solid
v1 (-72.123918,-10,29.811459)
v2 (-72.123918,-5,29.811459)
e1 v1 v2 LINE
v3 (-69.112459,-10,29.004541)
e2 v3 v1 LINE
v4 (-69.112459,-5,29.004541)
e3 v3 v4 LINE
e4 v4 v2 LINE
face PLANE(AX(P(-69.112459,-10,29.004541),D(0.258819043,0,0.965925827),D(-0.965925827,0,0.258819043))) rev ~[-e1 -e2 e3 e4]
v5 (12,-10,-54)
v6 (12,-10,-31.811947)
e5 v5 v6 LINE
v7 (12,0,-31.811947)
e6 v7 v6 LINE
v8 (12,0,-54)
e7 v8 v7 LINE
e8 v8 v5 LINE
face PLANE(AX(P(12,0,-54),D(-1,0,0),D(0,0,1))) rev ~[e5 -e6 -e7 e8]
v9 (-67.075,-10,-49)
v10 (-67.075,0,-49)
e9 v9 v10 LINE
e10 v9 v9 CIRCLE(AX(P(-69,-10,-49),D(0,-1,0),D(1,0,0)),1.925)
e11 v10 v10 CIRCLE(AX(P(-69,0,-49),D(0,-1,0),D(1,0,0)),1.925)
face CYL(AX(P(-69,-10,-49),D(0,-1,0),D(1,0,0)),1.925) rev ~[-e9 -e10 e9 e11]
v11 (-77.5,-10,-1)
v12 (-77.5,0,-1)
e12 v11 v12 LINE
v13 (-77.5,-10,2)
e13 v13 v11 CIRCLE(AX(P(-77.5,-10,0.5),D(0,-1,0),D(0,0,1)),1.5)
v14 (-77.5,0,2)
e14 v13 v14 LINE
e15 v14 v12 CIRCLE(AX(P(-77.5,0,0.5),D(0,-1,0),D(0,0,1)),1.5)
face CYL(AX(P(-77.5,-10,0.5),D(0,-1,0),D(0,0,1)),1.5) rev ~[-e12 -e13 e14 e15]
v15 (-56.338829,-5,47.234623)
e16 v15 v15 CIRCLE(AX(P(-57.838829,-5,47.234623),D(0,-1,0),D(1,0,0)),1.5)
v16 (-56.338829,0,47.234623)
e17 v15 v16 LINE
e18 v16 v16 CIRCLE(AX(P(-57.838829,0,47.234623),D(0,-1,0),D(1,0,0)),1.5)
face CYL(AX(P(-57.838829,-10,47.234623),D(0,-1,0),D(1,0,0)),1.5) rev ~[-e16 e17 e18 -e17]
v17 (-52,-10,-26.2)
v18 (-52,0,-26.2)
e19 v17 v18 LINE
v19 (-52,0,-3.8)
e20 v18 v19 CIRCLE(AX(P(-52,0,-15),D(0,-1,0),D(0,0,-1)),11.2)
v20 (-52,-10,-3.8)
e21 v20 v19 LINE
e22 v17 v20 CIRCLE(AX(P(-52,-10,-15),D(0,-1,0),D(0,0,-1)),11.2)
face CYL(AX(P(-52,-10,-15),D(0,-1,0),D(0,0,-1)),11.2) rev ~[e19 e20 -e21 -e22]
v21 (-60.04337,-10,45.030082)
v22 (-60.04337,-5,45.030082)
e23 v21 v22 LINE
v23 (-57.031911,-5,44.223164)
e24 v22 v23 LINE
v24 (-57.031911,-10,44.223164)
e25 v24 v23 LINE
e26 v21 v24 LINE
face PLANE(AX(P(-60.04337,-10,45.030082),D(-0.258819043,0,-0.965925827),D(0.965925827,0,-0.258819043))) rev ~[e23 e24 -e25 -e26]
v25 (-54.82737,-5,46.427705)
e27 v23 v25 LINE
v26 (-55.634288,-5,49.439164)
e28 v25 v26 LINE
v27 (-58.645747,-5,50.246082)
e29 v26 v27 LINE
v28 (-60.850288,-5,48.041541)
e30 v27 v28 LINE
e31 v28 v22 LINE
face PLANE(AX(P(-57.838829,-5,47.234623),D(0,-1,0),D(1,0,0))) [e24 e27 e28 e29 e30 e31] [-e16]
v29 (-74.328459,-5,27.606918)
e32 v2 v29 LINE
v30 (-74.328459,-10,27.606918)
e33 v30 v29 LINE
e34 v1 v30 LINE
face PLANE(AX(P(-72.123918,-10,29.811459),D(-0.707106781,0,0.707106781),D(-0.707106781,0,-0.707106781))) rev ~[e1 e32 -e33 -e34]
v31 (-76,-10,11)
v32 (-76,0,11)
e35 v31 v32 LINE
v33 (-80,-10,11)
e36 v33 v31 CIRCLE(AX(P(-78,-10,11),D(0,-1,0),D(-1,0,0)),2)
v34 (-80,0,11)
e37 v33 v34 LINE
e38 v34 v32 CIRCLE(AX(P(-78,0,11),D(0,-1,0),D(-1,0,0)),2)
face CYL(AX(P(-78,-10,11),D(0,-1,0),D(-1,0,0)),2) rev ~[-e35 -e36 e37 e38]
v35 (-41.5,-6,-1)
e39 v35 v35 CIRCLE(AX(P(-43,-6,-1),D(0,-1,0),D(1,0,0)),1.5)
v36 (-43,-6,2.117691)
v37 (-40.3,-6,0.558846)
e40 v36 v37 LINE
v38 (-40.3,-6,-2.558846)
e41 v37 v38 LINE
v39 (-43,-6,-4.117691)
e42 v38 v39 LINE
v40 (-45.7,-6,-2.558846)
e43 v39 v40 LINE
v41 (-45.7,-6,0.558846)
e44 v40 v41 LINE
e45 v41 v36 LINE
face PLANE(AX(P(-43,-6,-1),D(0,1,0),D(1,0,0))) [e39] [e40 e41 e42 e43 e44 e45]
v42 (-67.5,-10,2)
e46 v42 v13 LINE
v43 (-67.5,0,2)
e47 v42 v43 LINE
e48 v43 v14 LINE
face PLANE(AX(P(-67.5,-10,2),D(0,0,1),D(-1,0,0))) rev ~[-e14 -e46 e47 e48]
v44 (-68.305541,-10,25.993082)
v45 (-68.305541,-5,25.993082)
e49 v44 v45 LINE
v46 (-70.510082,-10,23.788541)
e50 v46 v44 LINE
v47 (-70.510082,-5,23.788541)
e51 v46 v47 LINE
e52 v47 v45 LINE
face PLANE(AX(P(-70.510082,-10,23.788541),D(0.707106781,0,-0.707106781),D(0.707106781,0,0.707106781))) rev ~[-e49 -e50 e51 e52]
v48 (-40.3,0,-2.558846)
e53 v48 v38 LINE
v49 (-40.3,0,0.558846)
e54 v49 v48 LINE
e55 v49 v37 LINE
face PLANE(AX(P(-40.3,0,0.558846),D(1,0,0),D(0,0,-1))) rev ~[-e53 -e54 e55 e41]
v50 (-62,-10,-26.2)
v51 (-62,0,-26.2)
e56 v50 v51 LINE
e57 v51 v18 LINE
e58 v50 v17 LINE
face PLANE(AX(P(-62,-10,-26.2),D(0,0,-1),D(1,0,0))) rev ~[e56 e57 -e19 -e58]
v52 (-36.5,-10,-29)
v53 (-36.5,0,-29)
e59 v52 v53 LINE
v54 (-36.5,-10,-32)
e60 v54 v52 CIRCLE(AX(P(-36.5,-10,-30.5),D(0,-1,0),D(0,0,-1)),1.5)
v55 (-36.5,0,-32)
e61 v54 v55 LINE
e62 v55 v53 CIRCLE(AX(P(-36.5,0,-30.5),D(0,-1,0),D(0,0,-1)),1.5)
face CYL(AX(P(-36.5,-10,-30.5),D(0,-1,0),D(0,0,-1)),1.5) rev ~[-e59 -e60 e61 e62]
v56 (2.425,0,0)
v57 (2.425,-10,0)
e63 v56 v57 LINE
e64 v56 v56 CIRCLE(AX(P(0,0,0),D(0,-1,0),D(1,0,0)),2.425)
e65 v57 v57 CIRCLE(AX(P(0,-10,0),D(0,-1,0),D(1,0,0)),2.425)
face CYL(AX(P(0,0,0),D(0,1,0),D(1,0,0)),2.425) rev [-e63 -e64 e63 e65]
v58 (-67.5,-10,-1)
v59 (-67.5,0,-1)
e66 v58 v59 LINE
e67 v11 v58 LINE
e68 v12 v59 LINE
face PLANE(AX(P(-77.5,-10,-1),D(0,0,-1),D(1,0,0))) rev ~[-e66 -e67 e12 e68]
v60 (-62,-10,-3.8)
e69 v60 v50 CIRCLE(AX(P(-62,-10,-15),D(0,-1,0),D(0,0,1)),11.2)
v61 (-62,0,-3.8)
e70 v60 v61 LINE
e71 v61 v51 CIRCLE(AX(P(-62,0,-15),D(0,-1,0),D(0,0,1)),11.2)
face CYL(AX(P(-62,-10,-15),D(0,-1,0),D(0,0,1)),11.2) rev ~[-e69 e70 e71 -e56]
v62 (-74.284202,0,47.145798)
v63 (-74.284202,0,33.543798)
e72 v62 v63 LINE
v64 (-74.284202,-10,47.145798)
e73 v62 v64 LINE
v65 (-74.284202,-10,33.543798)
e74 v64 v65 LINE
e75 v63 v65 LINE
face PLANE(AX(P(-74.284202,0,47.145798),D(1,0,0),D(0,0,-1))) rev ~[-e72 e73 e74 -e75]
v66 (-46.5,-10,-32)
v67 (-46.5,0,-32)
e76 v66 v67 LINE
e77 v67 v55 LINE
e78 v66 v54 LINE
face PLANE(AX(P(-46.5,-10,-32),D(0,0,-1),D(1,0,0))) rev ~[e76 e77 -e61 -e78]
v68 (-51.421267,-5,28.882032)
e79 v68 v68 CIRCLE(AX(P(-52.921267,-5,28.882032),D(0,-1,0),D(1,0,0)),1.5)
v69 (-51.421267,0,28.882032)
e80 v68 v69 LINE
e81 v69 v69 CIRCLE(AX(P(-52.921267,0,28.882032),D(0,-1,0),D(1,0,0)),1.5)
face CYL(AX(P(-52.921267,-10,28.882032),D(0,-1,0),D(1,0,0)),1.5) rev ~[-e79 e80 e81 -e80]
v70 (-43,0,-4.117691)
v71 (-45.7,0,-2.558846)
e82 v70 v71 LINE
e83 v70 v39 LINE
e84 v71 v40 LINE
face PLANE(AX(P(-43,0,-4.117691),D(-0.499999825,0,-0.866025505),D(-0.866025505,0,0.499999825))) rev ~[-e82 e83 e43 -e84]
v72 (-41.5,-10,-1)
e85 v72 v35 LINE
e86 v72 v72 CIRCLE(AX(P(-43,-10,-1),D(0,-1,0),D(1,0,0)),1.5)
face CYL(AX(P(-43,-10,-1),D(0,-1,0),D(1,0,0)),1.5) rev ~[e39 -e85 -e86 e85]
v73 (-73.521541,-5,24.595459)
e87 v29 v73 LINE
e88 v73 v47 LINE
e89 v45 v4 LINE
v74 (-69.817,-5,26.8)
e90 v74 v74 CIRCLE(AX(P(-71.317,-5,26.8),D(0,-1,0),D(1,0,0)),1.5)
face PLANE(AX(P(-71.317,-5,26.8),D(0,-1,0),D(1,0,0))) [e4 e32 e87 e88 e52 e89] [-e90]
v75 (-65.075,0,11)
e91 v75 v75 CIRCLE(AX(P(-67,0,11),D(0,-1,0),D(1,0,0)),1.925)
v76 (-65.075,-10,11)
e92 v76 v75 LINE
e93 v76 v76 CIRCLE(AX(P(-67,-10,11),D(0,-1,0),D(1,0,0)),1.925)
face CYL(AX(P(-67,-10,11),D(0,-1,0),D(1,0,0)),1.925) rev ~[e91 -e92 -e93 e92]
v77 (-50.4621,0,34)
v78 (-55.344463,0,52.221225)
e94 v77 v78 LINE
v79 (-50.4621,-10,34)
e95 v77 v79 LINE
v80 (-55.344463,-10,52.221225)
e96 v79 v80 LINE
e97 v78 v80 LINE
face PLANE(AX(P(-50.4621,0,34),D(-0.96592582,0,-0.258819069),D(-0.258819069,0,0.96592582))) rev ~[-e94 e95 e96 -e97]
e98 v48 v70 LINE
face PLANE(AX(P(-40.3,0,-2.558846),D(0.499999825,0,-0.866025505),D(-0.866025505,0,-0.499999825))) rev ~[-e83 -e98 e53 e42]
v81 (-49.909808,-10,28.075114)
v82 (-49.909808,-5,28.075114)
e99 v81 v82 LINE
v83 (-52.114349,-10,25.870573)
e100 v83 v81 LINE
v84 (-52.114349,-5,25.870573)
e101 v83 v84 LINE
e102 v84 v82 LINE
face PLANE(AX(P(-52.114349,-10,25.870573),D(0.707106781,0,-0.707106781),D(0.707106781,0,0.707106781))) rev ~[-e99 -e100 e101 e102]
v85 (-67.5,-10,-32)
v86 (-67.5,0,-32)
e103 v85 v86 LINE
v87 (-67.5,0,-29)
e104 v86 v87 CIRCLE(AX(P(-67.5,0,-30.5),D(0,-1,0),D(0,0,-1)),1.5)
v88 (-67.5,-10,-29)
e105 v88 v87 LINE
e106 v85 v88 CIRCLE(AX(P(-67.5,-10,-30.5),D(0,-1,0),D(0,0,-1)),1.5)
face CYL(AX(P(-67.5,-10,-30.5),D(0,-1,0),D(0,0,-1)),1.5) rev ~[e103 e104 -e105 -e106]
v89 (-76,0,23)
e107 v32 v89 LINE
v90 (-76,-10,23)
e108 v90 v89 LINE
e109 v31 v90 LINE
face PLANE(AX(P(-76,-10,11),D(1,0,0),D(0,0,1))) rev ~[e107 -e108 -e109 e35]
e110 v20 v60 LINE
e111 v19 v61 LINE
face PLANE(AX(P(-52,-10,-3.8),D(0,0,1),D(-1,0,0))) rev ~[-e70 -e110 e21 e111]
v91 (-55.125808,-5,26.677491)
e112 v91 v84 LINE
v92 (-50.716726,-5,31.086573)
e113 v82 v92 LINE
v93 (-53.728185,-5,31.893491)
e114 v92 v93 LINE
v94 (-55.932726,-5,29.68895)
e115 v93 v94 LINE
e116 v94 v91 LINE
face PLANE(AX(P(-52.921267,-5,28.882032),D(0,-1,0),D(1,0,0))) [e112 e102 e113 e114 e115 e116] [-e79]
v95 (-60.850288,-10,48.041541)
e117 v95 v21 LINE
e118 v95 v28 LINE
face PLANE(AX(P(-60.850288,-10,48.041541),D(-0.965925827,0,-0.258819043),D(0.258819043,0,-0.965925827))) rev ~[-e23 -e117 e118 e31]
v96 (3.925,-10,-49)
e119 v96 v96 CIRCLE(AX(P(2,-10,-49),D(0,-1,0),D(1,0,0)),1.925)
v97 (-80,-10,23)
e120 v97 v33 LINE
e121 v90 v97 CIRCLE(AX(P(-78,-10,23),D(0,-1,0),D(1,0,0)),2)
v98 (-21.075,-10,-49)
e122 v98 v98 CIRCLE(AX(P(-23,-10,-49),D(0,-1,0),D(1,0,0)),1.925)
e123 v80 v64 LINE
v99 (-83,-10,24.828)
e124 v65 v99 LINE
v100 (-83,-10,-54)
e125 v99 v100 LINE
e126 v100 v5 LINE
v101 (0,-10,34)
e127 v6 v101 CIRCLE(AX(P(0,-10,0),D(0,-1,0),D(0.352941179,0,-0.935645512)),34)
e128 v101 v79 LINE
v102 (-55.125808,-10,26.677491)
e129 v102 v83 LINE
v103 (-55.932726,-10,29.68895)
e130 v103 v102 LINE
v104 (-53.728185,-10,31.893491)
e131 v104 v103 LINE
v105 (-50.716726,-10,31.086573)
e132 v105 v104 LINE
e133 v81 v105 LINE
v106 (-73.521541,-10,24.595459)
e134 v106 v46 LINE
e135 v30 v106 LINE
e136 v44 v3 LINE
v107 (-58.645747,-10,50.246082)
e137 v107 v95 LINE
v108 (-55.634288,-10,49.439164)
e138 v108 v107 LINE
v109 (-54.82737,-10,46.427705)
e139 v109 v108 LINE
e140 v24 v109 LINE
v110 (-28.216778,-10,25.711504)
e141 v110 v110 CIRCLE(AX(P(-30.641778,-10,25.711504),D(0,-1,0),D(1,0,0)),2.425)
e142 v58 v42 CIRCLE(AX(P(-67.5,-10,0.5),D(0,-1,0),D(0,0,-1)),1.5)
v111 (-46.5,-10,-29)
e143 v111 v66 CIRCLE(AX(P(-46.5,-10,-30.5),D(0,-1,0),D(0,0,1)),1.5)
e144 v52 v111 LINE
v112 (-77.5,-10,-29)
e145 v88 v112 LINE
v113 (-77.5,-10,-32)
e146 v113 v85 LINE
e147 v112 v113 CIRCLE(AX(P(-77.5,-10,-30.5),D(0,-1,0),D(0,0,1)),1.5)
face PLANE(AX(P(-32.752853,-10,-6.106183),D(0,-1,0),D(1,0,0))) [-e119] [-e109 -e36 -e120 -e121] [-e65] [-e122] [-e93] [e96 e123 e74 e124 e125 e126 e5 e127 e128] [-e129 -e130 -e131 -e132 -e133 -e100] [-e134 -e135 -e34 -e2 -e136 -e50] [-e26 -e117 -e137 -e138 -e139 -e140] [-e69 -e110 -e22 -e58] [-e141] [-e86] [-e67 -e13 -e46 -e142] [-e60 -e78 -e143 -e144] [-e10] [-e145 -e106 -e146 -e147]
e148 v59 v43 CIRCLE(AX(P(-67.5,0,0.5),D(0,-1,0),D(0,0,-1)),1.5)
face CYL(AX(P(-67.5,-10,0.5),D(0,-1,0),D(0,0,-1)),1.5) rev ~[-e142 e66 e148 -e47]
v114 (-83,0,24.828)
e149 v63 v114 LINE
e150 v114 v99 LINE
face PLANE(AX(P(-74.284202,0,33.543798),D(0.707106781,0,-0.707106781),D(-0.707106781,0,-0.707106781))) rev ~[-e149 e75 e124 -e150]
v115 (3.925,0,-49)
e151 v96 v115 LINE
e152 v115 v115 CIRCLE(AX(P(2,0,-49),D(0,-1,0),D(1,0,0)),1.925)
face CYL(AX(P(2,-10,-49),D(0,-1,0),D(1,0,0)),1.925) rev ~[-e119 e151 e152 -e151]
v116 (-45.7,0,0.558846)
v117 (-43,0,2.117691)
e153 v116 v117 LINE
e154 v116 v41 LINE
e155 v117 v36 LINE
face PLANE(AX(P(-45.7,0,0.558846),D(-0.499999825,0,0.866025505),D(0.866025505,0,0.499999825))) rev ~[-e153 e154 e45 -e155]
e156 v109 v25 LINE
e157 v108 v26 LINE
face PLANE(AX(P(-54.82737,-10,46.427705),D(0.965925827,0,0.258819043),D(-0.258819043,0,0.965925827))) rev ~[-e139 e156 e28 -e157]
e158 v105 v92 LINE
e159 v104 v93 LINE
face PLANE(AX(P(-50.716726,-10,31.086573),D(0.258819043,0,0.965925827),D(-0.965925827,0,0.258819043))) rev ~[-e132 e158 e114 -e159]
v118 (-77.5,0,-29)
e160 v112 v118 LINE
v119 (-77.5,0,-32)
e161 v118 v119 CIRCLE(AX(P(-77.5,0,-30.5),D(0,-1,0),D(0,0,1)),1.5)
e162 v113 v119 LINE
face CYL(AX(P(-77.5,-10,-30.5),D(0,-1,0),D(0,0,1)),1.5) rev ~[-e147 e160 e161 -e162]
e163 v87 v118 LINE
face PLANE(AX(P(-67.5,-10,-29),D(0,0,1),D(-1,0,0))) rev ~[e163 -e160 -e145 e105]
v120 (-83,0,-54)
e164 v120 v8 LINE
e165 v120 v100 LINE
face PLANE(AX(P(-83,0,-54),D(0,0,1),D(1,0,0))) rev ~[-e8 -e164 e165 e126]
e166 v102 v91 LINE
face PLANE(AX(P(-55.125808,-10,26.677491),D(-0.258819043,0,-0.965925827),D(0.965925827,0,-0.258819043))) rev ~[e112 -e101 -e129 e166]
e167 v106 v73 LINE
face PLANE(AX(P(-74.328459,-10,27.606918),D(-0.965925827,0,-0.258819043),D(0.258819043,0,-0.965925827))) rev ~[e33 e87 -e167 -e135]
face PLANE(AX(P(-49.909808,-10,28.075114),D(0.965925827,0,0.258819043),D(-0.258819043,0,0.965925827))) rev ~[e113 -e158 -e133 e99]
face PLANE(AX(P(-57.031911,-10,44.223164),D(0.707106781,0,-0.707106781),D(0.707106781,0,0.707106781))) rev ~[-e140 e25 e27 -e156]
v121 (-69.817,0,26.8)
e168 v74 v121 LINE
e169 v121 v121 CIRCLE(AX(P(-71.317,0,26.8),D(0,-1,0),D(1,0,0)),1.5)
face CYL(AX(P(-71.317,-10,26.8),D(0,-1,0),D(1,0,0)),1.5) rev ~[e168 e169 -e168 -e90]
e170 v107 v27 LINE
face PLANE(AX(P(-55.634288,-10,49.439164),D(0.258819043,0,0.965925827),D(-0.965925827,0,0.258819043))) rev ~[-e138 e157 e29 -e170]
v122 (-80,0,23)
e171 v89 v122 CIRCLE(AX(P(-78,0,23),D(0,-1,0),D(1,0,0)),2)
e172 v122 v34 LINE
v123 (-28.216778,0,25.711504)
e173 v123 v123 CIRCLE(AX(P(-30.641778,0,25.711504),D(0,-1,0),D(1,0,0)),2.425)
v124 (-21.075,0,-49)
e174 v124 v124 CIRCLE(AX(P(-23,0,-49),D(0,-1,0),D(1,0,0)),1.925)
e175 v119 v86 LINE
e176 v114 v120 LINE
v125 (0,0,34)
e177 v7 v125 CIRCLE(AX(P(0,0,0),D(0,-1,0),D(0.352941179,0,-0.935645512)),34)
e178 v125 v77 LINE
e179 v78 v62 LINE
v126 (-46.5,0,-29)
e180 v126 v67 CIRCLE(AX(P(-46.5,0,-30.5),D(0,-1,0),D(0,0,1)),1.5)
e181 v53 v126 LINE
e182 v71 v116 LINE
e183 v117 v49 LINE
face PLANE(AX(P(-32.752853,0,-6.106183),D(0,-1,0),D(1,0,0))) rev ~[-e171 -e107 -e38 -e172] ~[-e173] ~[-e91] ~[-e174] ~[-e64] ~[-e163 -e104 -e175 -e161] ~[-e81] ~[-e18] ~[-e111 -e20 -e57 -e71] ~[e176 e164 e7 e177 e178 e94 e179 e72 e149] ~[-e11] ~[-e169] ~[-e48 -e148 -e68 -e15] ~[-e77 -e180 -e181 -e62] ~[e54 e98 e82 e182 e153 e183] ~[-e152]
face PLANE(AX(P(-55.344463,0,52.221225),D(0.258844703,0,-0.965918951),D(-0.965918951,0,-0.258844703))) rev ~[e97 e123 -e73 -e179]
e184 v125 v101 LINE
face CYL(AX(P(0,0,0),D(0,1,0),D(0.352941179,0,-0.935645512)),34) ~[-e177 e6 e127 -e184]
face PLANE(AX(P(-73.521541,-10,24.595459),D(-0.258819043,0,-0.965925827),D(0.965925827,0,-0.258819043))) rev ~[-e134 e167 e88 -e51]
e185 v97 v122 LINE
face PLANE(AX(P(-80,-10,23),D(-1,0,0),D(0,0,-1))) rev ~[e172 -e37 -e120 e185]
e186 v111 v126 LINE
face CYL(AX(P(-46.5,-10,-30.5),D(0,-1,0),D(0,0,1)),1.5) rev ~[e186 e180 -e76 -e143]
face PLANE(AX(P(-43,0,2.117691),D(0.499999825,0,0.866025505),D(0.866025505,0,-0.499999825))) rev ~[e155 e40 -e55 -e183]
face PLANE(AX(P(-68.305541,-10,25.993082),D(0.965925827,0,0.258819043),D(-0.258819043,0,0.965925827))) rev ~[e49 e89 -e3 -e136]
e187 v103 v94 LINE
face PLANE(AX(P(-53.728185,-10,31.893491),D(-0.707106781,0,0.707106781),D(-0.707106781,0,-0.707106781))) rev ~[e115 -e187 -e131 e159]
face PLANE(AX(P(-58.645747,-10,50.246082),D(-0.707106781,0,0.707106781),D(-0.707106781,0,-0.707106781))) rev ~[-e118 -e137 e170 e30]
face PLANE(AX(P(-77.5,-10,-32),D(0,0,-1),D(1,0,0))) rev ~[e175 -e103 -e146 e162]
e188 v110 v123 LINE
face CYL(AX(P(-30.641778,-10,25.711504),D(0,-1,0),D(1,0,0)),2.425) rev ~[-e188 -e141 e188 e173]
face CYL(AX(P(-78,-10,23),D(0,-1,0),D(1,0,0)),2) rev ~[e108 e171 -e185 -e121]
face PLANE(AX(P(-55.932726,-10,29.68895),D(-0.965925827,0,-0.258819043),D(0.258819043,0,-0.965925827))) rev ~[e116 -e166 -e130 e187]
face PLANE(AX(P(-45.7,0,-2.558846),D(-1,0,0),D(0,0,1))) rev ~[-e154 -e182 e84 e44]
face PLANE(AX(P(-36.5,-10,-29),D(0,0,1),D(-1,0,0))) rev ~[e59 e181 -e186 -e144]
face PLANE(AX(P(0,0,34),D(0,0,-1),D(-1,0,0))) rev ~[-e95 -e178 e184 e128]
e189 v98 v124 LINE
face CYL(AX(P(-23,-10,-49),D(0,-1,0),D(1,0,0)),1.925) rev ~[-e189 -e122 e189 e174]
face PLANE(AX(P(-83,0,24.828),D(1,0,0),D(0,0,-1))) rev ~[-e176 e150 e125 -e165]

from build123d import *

# Parameters (mm, degrees)
SKETCH_R        = 2.425
PAD_DEPTH       = 10
SKETCH001_R     = 1.925
POCKET_DEPTH    = 12
SKETCH002_R     = 1.5
POCKET001_DEPTH = 12
SKETCH003_R     = 1.925
POCKET002_DEPTH = 12
SKETCH004_R     = 2.425
POCKET003_DEPTH = 12
SKETCH005_R     = 1.5
POCKET004_DEPTH = 12
POCKET005_DEPTH = 5
POCKET006_DEPTH = 12
POCKET007_DEPTH = 6


with BuildPart() as part:
    # Sketch → Pad (new body)
    with BuildSketch(Plane.XZ):
        with BuildLine():
            ThreePointArc((12, -31.811947), (33.448514, 6.098926), (0, 34))
            Line((0, 34), (-50.4621, 34))
            Line((-50.4621, 34), (-55.344463, 52.221225))
            Line((-55.344463, 52.221225), (-74.284202, 47.145798))
            Line((-74.284202, 47.145798), (-74.284202, 33.543798))
            Line((-74.284202, 33.543798), (-83, 24.828))
            Line((-83, 24.828), (-83, -54))
            Line((-83, -54), (12, -54))
            Line((12, -54), (12, -31.811947))
        make_face()
        Circle(SKETCH_R, mode=Mode.SUBTRACT)
    extrude(amount=PAD_DEPTH)

    # Sketch001 (on Face12 of Pad) → Pocket (cut)
    with BuildSketch(Plane.XZ.offset(10)):
        with Locations((-69, -49)):
            Circle(SKETCH001_R)
        with Locations((-23, -49)):
            Circle(SKETCH001_R)
        with Locations((2, -49)):
            Circle(SKETCH001_R)
    extrude(amount=-POCKET_DEPTH, mode=Mode.SUBTRACT)

    # Sketch002 (on Face5 of Pocket) → Pocket001 (cut)
    with BuildSketch(Plane.XZ.offset(10)):
        with Locations((-43, -1)):
            Circle(SKETCH002_R)
        with BuildLine():
            ThreePointArc((-62, -3.8), (-73.2, -15), (-62, -26.2))
            Line((-62, -26.2), (-52, -26.2))
            ThreePointArc((-52, -26.2), (-40.8, -15), (-52, -3.8))
            Line((-52, -3.8), (-62, -3.8))
        make_face()
        with BuildLine():
            ThreePointArc((-77.5, -29), (-79, -30.5), (-77.5, -32))
            Line((-77.5, -32), (-67.5, -32))
            ThreePointArc((-67.5, -32), (-66, -30.5), (-67.5, -29))
            Line((-67.5, -29), (-77.5, -29))
        make_face()
        with BuildLine():
            ThreePointArc((-46.5, -29), (-48, -30.5), (-46.5, -32))
            Line((-46.5, -32), (-36.5, -32))
            ThreePointArc((-36.5, -32), (-35, -30.5), (-36.5, -29))
            Line((-36.5, -29), (-46.5, -29))
        make_face()
        with BuildLine():
            ThreePointArc((-77.5, 2), (-79, 0.5), (-77.5, -1))
            Line((-77.5, -1), (-67.5, -1))
            ThreePointArc((-67.5, -1), (-66, 0.5), (-67.5, 2))
            Line((-67.5, 2), (-77.5, 2))
        make_face()
    extrude(amount=-POCKET001_DEPTH, mode=Mode.SUBTRACT)

    # Sketch003 (on Face5 of Pocket001) → Pocket002 (cut)
    with BuildSketch(Plane.XZ.offset(10)):
        with Locations((-67, 11)):
            Circle(SKETCH003_R)
    extrude(amount=-POCKET002_DEPTH, mode=Mode.SUBTRACT)

    # Sketch004 (on Face5 of Pocket002) → Pocket003 (cut)
    with BuildSketch(Plane.XZ.offset(10)):
        with Locations((-30.641778, 25.711504)):
            Circle(SKETCH004_R)
    extrude(amount=-POCKET003_DEPTH, mode=Mode.SUBTRACT)

    # Sketch005 (on Face5 of Pocket003) → Pocket004 (cut)
    with BuildSketch(Plane.XZ.offset(10)):
        with Locations((-57.838829, 47.234623)):
            Circle(SKETCH005_R)
        with Locations((-52.921267, 28.882032)):
            Circle(SKETCH005_R)
        with Locations((-71.317, 26.8)):
            Circle(SKETCH005_R)
    extrude(amount=-POCKET004_DEPTH, mode=Mode.SUBTRACT)

    # Sketch006 (on Face5 of Pocket004) → Pocket005 (cut)
    with BuildSketch(Plane.XZ.offset(10)):
        Polygon((-54.82737, 46.427705), (-55.634288, 49.439164), (-58.645747, 50.246082), (-60.850288, 48.041541), (-60.04337, 45.030082), (-57.031911, 44.223164), align=None)
        Polygon((-50.716726, 31.086573), (-53.728185, 31.893491), (-55.932726, 29.68895), (-55.125808, 26.677491), (-52.114349, 25.870573), (-49.909808, 28.075114), align=None)
        Polygon((-73.521541, 24.595459), (-70.510082, 23.788541), (-68.305541, 25.993082), (-69.112459, 29.004541), (-72.123918, 29.811459), (-74.328459, 27.606918), align=None)
    extrude(amount=-POCKET005_DEPTH, mode=Mode.SUBTRACT)

    # Sketch007 (on Face5 of Pocket005) → Pocket006 (cut)
    with BuildSketch(Plane.XZ.offset(10)):
        with BuildLine():
            ThreePointArc((-76, 23), (-78, 25), (-80, 23))
            Line((-80, 23), (-80, 11))
            ThreePointArc((-80, 11), (-78, 9), (-76, 11))
            Line((-76, 11), (-76, 23))
        make_face()
    extrude(amount=-POCKET006_DEPTH, mode=Mode.SUBTRACT)

    # Sketch008 (on Face4 of Pocket006) → Pocket007 (cut)
    with BuildSketch(Plane(origin=(0, 0, 0), x_dir=(1, 0, 0), z_dir=(0, 1, 0))):
        Polygon((-40.3, -0.558846), (-40.3, 2.558846), (-43, 4.117691), (-45.7, 2.558846), (-45.7, -0.558846), (-43, -2.117691), align=None)
    extrude(amount=-POCKET007_DEPTH, mode=Mode.SUBTRACT)


solid = part.part
